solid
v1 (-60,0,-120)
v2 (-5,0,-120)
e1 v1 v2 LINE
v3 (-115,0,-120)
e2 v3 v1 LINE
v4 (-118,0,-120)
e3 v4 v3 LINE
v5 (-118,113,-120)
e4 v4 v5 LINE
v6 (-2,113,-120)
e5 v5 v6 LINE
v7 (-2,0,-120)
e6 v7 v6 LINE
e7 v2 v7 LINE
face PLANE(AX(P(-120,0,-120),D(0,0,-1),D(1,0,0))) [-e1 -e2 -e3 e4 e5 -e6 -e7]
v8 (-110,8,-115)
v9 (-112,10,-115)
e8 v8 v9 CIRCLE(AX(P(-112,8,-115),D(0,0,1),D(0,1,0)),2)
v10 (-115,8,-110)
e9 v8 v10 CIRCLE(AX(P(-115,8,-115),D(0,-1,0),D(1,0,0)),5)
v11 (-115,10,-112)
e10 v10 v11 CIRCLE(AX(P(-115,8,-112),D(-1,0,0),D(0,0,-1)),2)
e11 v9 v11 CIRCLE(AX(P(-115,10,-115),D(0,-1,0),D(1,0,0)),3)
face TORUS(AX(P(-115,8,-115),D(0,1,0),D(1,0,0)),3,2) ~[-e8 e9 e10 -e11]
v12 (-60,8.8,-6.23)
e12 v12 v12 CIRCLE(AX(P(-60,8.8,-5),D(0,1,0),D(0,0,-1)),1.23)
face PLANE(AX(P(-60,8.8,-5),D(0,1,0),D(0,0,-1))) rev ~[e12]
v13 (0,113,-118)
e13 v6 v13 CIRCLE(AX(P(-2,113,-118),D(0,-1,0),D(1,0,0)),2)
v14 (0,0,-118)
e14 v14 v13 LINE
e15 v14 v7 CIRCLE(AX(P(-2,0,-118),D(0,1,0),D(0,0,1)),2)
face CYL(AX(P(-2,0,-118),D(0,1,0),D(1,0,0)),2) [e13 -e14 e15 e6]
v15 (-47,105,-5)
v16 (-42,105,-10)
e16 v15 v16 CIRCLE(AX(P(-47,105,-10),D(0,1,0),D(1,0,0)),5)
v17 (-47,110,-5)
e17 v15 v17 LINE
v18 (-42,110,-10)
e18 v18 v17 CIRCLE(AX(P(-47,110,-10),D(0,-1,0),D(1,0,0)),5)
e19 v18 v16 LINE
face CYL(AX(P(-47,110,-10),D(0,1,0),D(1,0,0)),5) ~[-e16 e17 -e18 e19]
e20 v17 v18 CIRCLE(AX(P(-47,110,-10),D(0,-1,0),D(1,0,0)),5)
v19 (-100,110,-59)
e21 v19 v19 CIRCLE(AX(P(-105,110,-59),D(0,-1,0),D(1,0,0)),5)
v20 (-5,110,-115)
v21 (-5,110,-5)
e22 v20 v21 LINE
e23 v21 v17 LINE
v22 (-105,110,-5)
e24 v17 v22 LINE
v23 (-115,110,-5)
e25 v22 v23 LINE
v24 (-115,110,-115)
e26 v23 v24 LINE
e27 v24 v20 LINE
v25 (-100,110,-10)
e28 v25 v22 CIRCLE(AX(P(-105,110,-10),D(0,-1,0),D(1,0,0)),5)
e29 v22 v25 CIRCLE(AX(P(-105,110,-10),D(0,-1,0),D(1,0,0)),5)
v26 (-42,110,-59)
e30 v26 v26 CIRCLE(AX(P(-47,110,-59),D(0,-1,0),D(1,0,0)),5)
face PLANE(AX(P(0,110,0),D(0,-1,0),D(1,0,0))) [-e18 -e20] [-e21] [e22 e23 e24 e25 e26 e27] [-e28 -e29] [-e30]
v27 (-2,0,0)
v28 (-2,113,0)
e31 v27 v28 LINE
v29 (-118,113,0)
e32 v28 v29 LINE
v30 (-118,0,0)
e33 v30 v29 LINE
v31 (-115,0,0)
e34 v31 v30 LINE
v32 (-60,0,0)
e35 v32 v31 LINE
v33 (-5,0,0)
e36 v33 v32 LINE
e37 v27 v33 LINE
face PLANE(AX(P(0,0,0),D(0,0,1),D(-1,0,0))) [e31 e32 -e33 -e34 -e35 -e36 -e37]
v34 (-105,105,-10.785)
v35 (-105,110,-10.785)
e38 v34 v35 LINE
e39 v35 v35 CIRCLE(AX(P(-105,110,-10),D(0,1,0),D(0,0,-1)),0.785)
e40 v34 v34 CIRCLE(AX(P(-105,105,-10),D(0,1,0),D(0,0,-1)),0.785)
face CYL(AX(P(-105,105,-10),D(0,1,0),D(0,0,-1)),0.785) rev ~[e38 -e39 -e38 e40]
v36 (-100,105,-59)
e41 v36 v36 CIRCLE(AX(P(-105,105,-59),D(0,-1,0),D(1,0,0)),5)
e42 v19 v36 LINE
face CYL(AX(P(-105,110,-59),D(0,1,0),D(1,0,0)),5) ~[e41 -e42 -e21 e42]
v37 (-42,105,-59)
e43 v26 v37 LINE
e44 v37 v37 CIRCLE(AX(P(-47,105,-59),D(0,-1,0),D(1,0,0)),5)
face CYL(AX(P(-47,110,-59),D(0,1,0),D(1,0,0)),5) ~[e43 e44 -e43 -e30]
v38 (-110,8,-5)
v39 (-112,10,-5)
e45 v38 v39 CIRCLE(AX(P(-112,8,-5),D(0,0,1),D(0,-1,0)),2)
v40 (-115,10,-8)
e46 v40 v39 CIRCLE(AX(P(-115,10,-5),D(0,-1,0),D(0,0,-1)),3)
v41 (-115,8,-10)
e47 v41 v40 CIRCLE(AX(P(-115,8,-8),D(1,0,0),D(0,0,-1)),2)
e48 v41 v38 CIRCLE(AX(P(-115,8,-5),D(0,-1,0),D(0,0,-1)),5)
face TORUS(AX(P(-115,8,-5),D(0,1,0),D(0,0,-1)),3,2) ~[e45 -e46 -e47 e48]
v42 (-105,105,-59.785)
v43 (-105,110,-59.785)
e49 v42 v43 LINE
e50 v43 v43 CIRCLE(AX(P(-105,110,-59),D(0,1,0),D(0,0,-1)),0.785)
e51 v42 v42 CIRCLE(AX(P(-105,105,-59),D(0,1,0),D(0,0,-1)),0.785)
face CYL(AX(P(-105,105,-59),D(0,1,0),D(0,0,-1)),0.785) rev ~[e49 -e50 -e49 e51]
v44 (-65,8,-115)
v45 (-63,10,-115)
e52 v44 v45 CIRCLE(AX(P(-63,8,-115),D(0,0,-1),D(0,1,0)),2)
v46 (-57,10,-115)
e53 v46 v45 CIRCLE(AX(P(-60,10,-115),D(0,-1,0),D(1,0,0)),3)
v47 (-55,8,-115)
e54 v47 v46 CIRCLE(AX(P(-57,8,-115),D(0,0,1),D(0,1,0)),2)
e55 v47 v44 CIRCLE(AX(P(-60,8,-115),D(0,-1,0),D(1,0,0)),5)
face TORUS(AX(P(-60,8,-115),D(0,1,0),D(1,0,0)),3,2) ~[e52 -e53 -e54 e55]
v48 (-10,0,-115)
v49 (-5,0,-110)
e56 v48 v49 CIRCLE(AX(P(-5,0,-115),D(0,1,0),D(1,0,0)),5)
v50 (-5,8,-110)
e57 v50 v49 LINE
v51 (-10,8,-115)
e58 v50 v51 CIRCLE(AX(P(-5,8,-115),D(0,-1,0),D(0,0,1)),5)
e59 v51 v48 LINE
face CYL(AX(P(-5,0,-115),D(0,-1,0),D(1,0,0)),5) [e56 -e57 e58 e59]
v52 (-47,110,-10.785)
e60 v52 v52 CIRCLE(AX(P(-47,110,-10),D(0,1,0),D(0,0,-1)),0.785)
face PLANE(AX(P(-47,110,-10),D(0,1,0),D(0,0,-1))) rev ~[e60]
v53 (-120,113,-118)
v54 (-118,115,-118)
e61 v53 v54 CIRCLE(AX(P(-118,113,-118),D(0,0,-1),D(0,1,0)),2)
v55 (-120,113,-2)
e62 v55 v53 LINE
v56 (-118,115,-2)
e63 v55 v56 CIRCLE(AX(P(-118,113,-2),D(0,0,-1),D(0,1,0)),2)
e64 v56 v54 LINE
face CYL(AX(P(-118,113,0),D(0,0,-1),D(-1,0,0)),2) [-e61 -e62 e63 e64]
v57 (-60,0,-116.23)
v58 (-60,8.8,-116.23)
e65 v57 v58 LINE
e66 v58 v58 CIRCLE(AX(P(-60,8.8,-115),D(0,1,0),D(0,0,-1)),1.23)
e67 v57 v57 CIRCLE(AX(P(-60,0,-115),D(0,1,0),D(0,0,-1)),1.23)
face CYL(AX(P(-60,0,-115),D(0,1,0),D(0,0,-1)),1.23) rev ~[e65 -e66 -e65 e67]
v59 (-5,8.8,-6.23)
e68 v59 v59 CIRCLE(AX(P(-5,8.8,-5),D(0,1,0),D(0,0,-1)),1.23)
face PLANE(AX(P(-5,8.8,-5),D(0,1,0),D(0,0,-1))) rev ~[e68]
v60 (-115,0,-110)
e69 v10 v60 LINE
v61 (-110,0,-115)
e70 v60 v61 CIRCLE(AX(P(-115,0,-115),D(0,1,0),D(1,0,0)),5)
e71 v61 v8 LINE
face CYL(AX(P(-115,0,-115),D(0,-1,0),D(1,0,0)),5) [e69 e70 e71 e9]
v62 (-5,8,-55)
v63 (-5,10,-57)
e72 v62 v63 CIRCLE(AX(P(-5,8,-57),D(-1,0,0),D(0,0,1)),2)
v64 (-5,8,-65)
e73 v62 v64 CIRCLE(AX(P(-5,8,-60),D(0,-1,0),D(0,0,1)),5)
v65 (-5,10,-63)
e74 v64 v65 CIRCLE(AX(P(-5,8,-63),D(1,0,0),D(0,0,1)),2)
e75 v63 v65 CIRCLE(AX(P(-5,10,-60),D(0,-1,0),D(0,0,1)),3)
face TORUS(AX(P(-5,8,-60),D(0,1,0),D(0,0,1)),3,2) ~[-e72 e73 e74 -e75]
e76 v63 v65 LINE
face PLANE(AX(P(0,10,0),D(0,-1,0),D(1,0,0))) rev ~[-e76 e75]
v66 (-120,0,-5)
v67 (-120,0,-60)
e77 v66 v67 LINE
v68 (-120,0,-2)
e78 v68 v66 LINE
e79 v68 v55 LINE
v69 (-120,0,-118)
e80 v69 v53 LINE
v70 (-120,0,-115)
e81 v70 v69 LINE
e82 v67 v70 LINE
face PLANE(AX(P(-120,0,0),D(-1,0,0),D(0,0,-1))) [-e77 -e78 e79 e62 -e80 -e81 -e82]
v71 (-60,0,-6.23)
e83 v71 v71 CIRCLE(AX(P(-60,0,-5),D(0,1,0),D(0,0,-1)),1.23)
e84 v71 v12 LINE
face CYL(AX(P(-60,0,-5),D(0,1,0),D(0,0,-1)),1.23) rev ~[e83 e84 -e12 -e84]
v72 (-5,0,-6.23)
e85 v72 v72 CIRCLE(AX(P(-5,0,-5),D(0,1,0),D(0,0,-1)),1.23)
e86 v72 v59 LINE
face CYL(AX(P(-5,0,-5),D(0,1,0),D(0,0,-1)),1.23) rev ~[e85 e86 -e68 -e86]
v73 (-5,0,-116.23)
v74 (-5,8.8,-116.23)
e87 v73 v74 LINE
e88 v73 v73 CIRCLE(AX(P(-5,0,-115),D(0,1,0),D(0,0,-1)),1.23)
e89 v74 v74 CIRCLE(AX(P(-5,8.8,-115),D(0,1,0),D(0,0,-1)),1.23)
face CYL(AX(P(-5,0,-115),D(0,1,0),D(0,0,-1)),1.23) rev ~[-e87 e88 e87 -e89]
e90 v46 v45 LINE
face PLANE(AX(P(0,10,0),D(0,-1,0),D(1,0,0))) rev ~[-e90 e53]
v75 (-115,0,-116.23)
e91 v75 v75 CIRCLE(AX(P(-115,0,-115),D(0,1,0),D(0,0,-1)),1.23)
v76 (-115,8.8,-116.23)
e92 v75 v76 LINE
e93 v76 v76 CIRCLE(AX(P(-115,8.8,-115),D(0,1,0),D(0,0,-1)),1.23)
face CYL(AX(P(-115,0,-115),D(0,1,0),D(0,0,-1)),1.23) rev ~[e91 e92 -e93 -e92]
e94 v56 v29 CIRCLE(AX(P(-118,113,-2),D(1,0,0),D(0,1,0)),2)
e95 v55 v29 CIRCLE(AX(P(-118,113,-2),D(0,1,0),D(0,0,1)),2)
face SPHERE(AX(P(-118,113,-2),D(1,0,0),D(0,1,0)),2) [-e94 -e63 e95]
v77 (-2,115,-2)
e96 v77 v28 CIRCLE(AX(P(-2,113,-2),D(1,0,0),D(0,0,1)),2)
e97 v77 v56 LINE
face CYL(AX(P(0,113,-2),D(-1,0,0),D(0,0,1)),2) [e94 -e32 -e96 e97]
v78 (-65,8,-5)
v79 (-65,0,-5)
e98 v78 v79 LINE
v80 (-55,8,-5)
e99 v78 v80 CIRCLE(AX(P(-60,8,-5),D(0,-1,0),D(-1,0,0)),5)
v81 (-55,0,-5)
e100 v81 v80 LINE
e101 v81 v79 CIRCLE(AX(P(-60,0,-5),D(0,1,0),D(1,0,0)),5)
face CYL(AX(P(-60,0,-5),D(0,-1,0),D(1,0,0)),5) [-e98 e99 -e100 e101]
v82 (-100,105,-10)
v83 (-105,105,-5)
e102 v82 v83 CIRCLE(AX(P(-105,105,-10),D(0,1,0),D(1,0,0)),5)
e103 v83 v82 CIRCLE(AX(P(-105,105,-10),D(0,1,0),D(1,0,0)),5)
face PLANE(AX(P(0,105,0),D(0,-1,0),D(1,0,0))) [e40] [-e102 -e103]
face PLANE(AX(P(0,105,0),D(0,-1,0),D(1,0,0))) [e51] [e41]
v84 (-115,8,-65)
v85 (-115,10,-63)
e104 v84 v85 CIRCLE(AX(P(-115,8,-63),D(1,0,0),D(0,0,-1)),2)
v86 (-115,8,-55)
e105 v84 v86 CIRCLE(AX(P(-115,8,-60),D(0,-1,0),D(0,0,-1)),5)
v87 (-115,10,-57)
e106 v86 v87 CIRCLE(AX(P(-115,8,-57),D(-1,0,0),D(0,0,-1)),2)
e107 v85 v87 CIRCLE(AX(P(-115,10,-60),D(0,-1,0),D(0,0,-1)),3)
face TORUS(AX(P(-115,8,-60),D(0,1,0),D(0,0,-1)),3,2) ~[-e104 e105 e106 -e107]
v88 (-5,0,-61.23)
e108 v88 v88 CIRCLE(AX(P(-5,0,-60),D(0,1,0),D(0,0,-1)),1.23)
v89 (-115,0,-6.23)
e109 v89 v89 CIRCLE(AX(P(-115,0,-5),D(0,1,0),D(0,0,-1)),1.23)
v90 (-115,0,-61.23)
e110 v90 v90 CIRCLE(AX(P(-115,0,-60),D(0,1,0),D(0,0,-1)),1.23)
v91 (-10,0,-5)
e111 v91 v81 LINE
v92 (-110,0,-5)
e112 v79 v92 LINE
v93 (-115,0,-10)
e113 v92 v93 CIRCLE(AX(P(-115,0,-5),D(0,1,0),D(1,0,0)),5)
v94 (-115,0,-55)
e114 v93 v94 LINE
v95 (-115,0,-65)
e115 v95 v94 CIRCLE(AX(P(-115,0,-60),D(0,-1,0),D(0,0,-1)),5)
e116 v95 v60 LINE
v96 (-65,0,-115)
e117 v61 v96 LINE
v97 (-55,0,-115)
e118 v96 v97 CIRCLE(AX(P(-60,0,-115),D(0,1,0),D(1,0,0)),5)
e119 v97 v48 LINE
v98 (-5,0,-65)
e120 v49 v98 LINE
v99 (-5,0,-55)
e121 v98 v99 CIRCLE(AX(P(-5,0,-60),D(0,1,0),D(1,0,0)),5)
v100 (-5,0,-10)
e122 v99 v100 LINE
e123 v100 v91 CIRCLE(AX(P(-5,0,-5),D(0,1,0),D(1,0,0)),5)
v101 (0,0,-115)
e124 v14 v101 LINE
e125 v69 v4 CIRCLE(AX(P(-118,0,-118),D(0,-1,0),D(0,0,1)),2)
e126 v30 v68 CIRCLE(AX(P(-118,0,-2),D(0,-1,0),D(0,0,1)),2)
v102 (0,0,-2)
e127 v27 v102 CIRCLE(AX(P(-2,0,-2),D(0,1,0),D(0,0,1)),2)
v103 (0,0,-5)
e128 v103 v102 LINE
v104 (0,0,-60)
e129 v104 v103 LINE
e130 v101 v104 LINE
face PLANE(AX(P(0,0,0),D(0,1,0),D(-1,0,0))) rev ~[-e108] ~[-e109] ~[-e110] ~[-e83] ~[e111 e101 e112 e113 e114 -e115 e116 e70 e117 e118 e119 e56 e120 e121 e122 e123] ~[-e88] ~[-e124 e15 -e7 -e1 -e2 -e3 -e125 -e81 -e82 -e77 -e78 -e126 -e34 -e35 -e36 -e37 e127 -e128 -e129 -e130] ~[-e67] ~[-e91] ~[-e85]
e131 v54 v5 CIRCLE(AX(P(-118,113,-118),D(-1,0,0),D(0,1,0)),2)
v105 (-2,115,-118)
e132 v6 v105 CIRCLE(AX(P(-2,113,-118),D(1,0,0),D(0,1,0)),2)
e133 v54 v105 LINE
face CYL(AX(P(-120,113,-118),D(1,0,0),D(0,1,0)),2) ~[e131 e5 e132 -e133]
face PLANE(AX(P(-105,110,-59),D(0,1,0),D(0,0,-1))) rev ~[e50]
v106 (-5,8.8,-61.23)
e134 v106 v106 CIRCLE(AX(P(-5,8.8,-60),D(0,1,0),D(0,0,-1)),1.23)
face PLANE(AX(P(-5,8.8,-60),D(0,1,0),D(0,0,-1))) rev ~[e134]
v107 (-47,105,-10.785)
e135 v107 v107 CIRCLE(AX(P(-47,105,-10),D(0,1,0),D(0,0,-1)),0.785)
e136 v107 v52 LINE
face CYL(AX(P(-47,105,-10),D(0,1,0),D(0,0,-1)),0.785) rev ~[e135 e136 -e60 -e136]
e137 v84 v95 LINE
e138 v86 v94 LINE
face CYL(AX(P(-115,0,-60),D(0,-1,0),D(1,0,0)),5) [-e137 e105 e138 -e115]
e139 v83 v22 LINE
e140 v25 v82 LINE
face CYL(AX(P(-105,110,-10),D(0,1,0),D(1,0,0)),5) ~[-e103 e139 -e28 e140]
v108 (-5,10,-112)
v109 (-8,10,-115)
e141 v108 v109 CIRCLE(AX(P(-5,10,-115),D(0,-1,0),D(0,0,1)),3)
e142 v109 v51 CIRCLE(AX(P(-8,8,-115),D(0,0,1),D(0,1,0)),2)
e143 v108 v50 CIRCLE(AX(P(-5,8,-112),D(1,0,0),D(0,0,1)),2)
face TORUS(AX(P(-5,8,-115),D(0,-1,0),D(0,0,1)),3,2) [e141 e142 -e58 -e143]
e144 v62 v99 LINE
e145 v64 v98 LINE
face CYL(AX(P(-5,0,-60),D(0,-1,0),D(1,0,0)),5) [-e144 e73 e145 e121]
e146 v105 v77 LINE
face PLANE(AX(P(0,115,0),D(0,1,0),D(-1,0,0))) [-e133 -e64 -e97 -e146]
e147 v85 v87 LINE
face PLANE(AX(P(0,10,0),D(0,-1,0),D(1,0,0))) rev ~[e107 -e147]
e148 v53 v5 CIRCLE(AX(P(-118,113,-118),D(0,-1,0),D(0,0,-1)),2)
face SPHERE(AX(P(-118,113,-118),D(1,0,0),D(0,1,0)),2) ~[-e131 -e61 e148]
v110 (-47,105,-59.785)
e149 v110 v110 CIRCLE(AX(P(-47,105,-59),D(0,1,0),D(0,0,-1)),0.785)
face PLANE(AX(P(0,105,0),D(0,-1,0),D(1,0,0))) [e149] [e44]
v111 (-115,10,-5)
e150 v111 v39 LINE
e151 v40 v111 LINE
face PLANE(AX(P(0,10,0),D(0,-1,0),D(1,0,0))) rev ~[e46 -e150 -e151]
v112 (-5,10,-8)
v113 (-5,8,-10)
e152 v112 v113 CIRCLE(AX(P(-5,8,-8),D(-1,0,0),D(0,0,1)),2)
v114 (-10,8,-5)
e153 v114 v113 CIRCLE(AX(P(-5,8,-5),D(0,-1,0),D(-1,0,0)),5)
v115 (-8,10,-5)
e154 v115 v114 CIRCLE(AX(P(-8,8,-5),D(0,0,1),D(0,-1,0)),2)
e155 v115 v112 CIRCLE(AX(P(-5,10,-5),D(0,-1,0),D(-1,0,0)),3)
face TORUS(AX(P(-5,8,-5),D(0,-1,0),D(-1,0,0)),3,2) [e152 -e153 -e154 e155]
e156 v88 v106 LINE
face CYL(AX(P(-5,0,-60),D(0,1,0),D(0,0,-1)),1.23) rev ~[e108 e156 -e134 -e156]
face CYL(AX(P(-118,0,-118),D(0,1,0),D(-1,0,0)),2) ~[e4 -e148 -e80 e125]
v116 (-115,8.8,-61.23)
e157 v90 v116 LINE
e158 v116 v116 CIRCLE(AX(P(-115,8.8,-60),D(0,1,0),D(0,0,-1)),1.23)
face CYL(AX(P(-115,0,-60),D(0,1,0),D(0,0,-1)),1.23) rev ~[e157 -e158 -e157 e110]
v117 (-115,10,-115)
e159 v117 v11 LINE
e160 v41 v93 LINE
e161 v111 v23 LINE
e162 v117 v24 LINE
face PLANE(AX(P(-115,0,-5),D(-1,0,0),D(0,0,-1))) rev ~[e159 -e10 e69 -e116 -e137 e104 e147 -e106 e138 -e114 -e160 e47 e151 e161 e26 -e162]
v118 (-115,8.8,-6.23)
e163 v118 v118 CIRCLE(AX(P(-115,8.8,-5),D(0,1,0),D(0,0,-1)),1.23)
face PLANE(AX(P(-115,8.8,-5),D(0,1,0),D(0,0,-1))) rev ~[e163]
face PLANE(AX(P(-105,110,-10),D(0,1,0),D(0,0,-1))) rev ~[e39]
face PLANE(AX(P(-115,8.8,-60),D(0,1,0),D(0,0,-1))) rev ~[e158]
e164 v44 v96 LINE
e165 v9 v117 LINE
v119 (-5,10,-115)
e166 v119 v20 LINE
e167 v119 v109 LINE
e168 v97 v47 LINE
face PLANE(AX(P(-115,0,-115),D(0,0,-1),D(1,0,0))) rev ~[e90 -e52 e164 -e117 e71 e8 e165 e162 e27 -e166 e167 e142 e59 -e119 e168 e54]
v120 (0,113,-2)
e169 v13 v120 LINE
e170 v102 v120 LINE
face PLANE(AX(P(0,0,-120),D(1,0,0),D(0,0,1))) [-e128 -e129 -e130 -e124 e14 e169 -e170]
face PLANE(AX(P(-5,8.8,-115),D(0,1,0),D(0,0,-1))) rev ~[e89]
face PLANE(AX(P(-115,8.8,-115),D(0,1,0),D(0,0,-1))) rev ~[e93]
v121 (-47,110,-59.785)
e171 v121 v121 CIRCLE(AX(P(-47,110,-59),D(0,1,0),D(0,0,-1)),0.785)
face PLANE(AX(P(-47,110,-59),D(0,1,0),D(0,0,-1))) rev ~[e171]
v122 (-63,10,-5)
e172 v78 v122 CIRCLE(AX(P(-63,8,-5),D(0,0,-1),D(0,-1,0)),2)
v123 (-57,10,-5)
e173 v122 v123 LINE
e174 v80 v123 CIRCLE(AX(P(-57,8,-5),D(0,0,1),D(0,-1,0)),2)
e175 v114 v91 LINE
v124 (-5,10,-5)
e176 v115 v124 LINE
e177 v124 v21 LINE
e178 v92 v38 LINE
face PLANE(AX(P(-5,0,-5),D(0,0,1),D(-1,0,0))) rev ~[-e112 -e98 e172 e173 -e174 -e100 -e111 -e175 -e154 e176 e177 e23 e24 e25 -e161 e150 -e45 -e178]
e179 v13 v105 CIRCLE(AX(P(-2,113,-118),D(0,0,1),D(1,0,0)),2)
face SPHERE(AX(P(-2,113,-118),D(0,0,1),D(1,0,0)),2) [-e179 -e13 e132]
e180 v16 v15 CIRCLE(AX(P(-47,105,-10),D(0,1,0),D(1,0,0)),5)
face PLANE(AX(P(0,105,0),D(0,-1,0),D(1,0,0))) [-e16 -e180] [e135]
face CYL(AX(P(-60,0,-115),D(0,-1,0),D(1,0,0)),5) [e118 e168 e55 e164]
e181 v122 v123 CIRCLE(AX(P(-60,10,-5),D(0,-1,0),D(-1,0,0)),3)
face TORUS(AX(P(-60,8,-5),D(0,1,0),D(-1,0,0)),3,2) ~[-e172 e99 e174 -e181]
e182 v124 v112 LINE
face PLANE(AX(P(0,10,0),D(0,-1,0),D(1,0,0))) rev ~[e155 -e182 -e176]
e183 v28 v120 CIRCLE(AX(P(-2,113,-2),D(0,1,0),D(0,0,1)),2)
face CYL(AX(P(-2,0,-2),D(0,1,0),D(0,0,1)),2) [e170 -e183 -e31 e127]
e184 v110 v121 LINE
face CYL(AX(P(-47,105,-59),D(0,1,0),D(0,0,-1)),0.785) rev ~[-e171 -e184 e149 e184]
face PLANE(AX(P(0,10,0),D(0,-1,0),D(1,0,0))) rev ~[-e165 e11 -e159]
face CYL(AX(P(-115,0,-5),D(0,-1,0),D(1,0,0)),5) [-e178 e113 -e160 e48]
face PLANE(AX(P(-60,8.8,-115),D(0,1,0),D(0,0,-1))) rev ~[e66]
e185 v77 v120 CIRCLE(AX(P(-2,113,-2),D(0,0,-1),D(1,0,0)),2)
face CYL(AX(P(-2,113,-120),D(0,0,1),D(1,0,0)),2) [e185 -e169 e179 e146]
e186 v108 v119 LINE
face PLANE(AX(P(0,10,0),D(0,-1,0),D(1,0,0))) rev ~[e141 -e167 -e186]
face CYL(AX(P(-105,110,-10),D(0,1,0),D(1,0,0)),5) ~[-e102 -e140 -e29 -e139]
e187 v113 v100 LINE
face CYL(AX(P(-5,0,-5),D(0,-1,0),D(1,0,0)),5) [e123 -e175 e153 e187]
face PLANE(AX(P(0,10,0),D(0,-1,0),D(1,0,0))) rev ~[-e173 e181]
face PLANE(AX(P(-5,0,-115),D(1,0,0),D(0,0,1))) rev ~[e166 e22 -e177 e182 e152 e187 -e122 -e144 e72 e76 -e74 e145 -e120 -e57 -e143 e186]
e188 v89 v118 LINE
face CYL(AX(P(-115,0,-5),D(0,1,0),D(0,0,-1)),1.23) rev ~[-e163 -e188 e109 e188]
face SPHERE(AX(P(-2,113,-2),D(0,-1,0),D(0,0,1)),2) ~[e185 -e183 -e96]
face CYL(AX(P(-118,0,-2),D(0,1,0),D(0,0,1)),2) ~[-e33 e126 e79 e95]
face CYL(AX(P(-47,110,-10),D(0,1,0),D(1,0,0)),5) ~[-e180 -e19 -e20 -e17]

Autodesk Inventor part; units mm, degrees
ref_plane "YZ Ebene" through (0, 0, 0) normal (1, 0, 0) x (0, 1, 0)
ref_plane "XZ Ebene" through (0, 0, 0) normal (0, 1, 0) x (-1, 0, 0)
ref_plane "XY Ebene" through (0, 0, 0) normal (0, 0, 1) x (1, 0, 0)
sketch "Sketch20" plane through (0, 0, 0) normal (0, 1, 0) x (-1, 0, 0)
  line L0 (0, 0) -> (120, 0)
  line L1 (120, 0) -> (120, -120)
  line L2 (120, -120) -> (0, -120)
  line L3 (0, -120) -> (0, 0)
  dimension "d58" = 120
  dimension "d59" = 120
extrude "Extrusion8" add sketch "Sketch20" along normal blind 115
sketch "Sketch21" plane through (0, 0, 0) normal (0, -1, 0) x (1, 0, 0)
  line L0 (-5, -5) -> (-115, -5)
  line L1 (-115, -5) -> (-115, -115)
  line L2 (-115, -115) -> (-5, -115)
  line L3 (-5, -115) -> (-5, -5)
  line L4 (0, -120) -> (0, 0) projected
  line L5 (0, 0) -> (-120, 0) projected
  dimension "d62" = 110
  dimension "d63" = 110
  dimension "d64" = 5
  dimension "d65" = 5
extrude "Extrusion9" cut sketch "Sketch21" against normal blind 110
sketch "Sketch22" plane through (0, 110, 0) normal (0, -1, 0) x (1, 0, 0)
  line L0 (-115, -115) -> (-115, -5) projected
  line L1 (-115, -5) -> (-5, -5) projected
  circle A0 centre (-105, -59) radius 5
  circle A1 centre (-105, -10) radius 5
  circle A2 centre (-47, -59) radius 5
  circle A3 centre (-47, -10) radius 5
  point P0 (0, 0)
  dimension "d68" = 10
  dimension "d69" = 5
  dimension "d70" = 49
  dimension "d71" = 58
  dimension "d72" = 10
  dimension "d73" = 10
  dimension "d74" = 10
  dimension "d75" = 10
extrude "Extrusion10" add sketch "Sketch22" along normal blind 5
sketch "Sketch23" plane through (-105, 105, -59) normal (0, -1, 0) x (1, 0, 0)
  circle A0 centre (0, 49) radius 5 projected
  circle A1 centre (58, 0) radius 5 projected
  circle A2 centre (58, 49) radius 5 projected
  point P0 (105, 59)
  point P1 (0, 0)
  point P2 (0, 54)
  point P3 (58, 54)
hole "Hole2" at (-105, 105, -59) at (-105, 105, -10) at (-47, 105, -59) at (-47, 105, -10) direction (0, 1, 0) diameter 1.57 depth 5
fillet "Fillet5" radius 2 8 edges at (0, 57.5, 0) (-60, 115, 0) (0, 115, -60) (0, 57.5, -120) (-60, 115, -120) (-120, 115, -60) (-120, 57.5, -120) (-120, 57.5, 0)
sketch "Sketch24" plane through (0, 0, 0) normal (0, -1, 0) x (1, 0, 0)
  line L0 (-115, -5) -> (-105, -5) projected
  circle A0 centre (-115, -5) radius 5
  line L1 (-115, -5) -> (-5, -5) projected
  circle A1 centre (-5, -5) radius 5
  line L2 (-5, -5) -> (-5, -115) projected
  circle A2 centre (-5, -115) radius 5
  line L3 (-5, -115) -> (-115, -115) projected
  circle A3 centre (-115, -115) radius 5
  line L4 (-115, -115) -> (-115, -5) projected
  circle A4 centre (-115, -60) radius 5
  circle A5 centre (-5, -60) radius 5
  circle A6 centre (-60, -115) radius 5
  circle A7 centre (-60, -5) radius 5
  point P0 (0, 0)
  dimension "d86" = 10
  dimension "d87" = 10
  dimension "d88" = 10
  dimension "d89" = 10
  dimension "d90" = 10
  dimension "d91" = 10
  dimension "d92" = 10
  dimension "d93" = 10
extrude "Extrusion11" add sketch "Sketch24" against normal blind 10 contours L4 A0 L0 | L0 A0 L4 | A4 L4 | L4 A4 | A7 L1 | L1 A7 | L4 L3 A3 | A3 L3 L4 | A1 L2 L1 | L1 L2 A1 | A6 L3 | L3 A6 | A5 L2 | L2 A5 | L3 L2 A2 | A2 L2 L3
fillet "Fillet6" radius 2 8 edges at (-110, 10, -60) (-111.4645, 10, -111.4645) (-60, 10, -110) (-8.5355, 10, -111.4645) (-10, 10, -60) (-111.4645, 10, -8.5355) (-60, 10, -10) (-8.5355, 10, -8.5355)
sketch "Sketch25" plane through (0, 0, 0) normal (0, -1, 0) x (1, 0, 0)
  line L0 (-5, -8) -> (-5, -5) projected
  line L1 (-5, -63) -> (-5, -57) projected
  line L2 (-5, -115) -> (-115, -115) projected
  line L3 (-57, -5) -> (-63, -5) projected
  line L4 (-115, -57) -> (-115, -63) projected
  line L5 (-112, -5) -> (-115, -5) projected
  point P0 (0, 0)
  point P1 (-5, -60)
  point P2 (-60, -5)
  point P3 (-60, -115)
  point P4 (-115, -60)
hole "Hole3" at (-5, 0, -5) at (-5, 0, -60) at (-5, 0, -115) at (-60, 0, -5) at (-60, 0, -115) at (-115, 0, -60) at (-115, 0, -5) at (-115, 0, -115) direction (0, 1, 0) diameter 2.46 depth 8.8 thread size "M3x0.5" class "6H" standard "ISO Metric profile"
properties part number "raspberry_box" material "S235JR"
